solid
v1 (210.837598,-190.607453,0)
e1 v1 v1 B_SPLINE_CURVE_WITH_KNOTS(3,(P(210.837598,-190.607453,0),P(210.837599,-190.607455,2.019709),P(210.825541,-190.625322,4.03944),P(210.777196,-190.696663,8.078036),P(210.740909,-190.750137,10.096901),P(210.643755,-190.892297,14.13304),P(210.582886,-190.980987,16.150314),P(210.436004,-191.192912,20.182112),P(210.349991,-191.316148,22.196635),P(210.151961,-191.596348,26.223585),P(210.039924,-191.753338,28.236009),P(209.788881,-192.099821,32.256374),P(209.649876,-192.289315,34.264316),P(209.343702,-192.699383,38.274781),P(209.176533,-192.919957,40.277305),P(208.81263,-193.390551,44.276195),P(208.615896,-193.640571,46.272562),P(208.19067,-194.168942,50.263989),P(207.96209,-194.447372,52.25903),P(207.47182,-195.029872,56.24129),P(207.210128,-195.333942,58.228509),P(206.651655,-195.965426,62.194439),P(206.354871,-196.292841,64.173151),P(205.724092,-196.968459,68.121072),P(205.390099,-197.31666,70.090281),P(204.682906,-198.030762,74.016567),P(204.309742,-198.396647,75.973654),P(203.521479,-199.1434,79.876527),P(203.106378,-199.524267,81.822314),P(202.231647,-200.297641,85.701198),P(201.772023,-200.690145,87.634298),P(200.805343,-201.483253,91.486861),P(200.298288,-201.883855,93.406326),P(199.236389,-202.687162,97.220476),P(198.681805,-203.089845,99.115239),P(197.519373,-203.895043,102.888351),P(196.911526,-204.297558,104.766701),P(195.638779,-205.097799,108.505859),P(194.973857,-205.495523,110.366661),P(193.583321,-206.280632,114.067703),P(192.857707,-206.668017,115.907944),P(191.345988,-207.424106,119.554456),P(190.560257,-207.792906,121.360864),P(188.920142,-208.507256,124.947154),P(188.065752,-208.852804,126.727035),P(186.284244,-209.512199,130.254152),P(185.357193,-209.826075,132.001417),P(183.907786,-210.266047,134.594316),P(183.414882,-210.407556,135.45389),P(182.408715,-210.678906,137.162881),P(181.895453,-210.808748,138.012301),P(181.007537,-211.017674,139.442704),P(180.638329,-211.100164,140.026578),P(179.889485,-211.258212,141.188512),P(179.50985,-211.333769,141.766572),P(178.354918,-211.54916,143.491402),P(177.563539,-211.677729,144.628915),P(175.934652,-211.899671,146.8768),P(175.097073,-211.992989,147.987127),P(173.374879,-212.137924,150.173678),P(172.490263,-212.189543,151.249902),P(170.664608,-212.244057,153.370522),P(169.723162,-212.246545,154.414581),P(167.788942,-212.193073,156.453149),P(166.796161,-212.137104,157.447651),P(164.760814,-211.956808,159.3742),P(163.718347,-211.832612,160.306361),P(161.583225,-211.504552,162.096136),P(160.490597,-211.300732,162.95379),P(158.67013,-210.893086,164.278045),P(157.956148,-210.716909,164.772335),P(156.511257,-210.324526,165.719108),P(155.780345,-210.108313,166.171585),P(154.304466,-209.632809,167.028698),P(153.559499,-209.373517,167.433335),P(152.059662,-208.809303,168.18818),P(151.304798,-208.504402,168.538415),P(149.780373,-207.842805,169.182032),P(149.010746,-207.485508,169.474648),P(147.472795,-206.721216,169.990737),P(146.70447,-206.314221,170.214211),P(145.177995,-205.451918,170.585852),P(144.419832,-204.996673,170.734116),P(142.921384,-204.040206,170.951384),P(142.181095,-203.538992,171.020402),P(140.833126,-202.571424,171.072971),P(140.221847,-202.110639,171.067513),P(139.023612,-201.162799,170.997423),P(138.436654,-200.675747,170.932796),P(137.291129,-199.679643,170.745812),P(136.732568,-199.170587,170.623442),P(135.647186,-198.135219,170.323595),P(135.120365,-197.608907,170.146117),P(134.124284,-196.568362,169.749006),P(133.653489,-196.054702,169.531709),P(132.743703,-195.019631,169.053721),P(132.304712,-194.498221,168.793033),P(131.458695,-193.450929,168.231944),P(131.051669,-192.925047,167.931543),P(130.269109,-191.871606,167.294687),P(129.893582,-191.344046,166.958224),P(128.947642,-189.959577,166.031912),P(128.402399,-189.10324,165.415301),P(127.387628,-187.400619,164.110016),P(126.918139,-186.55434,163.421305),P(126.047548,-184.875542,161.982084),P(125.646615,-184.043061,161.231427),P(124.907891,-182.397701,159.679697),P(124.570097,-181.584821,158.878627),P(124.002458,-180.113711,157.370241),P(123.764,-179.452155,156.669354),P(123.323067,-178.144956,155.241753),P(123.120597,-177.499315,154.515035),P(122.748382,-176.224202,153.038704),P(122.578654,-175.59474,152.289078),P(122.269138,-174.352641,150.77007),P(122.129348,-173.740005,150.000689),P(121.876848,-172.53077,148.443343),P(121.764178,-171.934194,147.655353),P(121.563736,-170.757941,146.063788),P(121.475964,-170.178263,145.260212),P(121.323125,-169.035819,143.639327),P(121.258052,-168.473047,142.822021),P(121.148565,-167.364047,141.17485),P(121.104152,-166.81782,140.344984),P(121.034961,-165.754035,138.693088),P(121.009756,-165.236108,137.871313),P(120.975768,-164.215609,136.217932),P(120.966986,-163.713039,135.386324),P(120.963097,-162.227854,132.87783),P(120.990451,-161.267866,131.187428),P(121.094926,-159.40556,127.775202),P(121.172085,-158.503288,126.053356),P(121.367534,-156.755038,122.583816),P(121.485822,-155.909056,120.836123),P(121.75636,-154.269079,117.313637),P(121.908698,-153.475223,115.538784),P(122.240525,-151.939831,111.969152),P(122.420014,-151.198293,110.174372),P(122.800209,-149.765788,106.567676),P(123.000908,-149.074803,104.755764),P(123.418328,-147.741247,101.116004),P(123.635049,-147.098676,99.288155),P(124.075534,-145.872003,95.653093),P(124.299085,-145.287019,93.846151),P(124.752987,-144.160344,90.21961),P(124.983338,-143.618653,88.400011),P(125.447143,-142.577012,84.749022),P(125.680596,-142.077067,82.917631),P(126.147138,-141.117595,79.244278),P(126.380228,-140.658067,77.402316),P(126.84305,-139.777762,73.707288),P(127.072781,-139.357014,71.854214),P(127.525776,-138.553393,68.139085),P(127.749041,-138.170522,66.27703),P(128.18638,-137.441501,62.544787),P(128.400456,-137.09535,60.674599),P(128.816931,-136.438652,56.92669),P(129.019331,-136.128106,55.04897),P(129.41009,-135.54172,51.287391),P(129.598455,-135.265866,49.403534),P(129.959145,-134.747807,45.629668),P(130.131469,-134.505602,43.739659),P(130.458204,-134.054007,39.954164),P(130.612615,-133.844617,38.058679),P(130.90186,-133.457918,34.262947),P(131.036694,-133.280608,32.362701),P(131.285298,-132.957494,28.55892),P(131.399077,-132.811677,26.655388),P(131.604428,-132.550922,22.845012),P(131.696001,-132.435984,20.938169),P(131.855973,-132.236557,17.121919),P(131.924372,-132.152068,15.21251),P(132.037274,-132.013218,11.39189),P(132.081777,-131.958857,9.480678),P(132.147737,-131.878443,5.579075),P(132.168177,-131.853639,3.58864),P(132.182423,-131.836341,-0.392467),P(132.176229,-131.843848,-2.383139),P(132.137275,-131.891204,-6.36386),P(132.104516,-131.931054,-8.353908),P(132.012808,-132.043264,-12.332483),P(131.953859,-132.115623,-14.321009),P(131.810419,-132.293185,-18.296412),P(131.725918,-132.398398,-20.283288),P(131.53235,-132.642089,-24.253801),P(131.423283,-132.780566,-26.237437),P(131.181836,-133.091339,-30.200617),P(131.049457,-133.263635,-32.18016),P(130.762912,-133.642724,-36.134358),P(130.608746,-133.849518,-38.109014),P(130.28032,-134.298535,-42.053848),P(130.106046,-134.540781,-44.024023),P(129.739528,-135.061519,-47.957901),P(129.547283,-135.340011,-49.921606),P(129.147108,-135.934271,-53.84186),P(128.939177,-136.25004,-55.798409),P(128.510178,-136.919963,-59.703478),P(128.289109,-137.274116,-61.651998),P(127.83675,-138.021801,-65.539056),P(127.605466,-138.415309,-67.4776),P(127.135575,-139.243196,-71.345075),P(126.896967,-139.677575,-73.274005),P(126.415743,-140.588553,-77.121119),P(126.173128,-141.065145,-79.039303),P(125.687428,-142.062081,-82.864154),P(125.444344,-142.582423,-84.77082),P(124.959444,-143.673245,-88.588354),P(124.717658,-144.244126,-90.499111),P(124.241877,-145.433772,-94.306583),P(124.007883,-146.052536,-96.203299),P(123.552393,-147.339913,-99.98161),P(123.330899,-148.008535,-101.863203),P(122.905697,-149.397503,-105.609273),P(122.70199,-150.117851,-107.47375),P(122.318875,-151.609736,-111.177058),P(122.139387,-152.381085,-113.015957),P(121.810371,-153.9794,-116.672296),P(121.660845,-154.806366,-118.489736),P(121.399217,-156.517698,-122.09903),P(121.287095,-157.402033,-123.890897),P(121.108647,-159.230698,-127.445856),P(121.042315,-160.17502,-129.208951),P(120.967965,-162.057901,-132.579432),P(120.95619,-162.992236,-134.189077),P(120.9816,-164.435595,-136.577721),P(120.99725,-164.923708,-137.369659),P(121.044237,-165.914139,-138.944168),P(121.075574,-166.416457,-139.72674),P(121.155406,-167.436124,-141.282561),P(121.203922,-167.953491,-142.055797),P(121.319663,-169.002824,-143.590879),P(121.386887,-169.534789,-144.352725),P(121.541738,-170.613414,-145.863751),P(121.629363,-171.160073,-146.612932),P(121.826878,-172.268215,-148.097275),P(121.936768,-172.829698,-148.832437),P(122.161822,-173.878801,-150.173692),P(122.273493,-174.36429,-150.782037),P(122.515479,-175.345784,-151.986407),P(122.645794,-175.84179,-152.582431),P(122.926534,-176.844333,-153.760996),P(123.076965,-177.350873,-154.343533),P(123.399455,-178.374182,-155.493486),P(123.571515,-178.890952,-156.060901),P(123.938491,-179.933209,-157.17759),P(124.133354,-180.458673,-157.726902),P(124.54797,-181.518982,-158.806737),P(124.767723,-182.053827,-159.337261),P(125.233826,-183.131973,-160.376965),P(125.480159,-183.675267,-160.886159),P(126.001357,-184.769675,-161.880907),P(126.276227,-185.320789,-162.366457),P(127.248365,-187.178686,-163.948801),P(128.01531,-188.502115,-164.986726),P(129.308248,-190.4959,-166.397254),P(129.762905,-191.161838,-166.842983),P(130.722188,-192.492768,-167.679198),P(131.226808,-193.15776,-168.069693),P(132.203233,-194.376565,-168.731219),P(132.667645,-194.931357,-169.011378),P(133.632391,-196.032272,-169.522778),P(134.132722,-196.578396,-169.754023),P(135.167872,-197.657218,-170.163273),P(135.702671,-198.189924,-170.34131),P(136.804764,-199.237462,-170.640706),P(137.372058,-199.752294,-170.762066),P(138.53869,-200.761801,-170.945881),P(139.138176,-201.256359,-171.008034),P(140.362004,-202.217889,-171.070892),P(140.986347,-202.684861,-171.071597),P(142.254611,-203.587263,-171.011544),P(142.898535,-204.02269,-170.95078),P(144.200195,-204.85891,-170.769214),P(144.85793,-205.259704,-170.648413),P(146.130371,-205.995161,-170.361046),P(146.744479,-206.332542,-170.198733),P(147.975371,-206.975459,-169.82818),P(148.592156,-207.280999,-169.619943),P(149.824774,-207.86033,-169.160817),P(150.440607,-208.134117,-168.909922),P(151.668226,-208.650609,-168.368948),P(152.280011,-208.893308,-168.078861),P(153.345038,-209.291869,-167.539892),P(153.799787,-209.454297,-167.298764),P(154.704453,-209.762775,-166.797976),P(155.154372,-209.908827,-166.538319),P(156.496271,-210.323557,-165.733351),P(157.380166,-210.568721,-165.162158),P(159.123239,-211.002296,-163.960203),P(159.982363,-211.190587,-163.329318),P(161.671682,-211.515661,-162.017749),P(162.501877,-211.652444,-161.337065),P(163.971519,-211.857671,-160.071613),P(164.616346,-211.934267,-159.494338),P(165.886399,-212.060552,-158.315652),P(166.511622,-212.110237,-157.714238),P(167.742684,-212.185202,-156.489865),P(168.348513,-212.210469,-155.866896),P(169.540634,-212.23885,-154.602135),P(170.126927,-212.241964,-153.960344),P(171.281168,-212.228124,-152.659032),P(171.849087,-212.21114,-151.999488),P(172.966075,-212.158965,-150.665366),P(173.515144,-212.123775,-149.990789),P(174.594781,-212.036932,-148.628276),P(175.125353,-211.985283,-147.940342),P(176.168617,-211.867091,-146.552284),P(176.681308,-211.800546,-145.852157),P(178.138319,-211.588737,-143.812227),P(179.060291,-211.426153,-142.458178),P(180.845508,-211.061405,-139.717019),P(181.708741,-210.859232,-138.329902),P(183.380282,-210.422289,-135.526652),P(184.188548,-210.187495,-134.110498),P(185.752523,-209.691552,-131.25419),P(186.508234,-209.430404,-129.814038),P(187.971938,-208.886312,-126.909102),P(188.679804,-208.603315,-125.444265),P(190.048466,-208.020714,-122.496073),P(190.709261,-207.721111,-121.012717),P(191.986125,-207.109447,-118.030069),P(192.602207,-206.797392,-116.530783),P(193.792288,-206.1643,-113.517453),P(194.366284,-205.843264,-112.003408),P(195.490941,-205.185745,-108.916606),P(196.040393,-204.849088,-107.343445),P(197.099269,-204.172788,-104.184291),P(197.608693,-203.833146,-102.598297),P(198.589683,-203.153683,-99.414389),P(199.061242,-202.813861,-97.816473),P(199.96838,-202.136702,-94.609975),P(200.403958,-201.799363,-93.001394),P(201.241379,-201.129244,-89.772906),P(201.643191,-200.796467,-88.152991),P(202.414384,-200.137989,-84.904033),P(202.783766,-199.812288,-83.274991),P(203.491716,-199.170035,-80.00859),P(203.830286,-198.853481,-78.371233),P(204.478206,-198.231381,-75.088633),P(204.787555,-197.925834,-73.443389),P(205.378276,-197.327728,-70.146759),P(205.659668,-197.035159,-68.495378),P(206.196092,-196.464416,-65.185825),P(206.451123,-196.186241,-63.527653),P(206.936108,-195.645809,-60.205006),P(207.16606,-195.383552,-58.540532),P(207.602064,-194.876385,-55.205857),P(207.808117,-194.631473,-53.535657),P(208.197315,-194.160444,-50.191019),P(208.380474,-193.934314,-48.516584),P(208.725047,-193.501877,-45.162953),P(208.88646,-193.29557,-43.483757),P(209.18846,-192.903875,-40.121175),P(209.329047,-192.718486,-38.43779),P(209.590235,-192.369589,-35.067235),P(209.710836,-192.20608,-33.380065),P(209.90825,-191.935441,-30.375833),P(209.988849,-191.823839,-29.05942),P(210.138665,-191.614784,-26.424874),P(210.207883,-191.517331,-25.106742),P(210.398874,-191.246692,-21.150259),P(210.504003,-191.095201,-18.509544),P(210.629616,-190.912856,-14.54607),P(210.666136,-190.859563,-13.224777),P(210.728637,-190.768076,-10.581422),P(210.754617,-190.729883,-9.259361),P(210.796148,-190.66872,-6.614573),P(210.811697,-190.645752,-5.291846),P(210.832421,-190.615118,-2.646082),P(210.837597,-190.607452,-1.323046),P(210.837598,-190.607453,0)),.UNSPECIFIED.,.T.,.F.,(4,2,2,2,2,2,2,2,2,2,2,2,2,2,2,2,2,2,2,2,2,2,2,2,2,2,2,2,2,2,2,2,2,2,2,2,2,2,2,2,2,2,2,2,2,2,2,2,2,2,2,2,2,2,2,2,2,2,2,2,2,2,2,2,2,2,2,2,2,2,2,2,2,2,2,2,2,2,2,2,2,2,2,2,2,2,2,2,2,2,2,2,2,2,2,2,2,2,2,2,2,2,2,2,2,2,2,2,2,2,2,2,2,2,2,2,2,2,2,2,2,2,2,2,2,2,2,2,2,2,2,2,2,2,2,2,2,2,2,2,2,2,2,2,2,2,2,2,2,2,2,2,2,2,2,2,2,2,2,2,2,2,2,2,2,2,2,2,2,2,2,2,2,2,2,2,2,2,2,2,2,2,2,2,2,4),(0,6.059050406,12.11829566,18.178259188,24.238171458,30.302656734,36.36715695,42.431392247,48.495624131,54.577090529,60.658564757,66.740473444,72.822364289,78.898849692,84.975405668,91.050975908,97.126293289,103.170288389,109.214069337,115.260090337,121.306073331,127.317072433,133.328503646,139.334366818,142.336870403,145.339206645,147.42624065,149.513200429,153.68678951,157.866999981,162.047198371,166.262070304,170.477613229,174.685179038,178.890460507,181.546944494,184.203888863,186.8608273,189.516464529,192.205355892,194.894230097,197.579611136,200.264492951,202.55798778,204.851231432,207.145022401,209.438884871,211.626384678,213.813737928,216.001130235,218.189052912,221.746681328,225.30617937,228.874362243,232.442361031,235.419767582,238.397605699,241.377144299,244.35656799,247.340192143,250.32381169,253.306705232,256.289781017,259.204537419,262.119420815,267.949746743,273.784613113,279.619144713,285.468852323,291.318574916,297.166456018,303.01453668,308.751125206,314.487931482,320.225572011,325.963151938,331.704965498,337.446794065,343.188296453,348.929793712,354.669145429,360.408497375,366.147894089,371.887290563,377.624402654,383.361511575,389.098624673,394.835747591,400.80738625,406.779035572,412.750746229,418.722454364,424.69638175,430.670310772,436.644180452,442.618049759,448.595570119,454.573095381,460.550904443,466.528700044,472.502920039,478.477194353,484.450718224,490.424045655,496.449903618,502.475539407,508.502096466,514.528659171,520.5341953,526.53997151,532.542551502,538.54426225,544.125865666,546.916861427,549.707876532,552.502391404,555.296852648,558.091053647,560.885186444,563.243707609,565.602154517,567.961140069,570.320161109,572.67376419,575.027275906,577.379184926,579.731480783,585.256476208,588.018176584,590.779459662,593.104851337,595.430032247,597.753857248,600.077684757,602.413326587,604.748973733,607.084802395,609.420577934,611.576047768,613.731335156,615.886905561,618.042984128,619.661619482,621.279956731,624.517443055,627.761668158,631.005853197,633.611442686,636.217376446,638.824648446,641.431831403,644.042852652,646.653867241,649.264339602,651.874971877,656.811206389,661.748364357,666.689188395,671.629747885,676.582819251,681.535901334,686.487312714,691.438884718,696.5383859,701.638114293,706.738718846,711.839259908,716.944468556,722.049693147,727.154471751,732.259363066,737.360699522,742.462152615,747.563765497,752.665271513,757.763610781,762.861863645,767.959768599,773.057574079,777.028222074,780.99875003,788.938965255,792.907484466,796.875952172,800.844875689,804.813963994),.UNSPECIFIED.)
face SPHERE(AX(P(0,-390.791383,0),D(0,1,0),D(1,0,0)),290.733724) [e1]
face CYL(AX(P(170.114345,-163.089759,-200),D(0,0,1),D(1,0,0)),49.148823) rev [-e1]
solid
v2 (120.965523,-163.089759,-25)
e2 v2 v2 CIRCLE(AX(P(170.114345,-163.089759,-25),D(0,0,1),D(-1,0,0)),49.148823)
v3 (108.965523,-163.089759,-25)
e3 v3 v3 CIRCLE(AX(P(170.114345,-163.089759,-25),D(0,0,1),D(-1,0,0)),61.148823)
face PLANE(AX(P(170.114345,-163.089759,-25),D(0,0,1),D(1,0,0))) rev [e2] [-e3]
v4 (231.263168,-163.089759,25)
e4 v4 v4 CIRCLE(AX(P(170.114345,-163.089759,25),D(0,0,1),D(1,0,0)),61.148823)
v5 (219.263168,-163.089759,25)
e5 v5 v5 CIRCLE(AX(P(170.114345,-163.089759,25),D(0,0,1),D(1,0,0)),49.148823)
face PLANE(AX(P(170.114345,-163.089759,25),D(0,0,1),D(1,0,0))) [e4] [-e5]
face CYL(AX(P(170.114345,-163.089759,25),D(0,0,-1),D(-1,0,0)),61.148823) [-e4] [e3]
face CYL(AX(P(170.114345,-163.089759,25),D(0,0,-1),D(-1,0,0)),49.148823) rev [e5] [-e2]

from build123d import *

# Parameters (mm, degrees)
AUFSATZ_LINEAR_AUSTRAGEN1_DEPTH = 25
SKIZZE5_R                       = 49.148822587
SCHNITT_LINEAR_AUSTRAGEN3_DEPTH = 200


with BuildPart() as part:
    # Skizze1 → Rotation1 (revolve)
    with BuildSketch(Plane.XY):
        with BuildLine():
            Line((0, -100.057658787), (0, -681.525107773))
            ThreePointArc((0, -681.525107773), (290.733724493, -390.79138328), (0, -100.057658787))
        make_face()
    revolve(axis=Axis((0, -100.057658787, 0), (0, -1, 0)))

    # Skizze5 → Schnitt-Linear austragen3 (cut, symmetric)
    with BuildSketch(Plane.XY):
        with Locations(Location((170.114345328, -163.08975929, 0), (0, 0, 180))):  # turned: the seam where the file's is
            Circle(SKIZZE5_R)
    extrude(amount=SCHNITT_LINEAR_AUSTRAGEN3_DEPTH, both=True, mode=Mode.SUBTRACT)


with BuildPart() as body_2:
    # Skizze2 → Aufsatz-Linear austragen1 (new body, symmetric)
    with BuildSketch(Plane.XY):
        with BuildLine():
            ThreePointArc((121.127022973, -126.491661631), (206.712442986, -114.102436935), (219.101667683, -199.687856948))
            ThreePointArc((219.101667683, -199.687856948), (133.516247669, -212.077081645), (121.127022973, -126.491661631))
        make_face()
        with BuildLine():
            ThreePointArc((130.74041933, -133.673765118), (199.5303395, -123.715833291), (209.488271326, -192.505753462))
            ThreePointArc((209.488271326, -192.505753462), (140.698351156, -202.463685288), (130.74041933, -133.673765118))
        make_face(mode=Mode.SUBTRACT)
    extrude(amount=AUFSATZ_LINEAR_AUSTRAGEN1_DEPTH, both=True)


solid = Compound([part.part, body_2.part])
